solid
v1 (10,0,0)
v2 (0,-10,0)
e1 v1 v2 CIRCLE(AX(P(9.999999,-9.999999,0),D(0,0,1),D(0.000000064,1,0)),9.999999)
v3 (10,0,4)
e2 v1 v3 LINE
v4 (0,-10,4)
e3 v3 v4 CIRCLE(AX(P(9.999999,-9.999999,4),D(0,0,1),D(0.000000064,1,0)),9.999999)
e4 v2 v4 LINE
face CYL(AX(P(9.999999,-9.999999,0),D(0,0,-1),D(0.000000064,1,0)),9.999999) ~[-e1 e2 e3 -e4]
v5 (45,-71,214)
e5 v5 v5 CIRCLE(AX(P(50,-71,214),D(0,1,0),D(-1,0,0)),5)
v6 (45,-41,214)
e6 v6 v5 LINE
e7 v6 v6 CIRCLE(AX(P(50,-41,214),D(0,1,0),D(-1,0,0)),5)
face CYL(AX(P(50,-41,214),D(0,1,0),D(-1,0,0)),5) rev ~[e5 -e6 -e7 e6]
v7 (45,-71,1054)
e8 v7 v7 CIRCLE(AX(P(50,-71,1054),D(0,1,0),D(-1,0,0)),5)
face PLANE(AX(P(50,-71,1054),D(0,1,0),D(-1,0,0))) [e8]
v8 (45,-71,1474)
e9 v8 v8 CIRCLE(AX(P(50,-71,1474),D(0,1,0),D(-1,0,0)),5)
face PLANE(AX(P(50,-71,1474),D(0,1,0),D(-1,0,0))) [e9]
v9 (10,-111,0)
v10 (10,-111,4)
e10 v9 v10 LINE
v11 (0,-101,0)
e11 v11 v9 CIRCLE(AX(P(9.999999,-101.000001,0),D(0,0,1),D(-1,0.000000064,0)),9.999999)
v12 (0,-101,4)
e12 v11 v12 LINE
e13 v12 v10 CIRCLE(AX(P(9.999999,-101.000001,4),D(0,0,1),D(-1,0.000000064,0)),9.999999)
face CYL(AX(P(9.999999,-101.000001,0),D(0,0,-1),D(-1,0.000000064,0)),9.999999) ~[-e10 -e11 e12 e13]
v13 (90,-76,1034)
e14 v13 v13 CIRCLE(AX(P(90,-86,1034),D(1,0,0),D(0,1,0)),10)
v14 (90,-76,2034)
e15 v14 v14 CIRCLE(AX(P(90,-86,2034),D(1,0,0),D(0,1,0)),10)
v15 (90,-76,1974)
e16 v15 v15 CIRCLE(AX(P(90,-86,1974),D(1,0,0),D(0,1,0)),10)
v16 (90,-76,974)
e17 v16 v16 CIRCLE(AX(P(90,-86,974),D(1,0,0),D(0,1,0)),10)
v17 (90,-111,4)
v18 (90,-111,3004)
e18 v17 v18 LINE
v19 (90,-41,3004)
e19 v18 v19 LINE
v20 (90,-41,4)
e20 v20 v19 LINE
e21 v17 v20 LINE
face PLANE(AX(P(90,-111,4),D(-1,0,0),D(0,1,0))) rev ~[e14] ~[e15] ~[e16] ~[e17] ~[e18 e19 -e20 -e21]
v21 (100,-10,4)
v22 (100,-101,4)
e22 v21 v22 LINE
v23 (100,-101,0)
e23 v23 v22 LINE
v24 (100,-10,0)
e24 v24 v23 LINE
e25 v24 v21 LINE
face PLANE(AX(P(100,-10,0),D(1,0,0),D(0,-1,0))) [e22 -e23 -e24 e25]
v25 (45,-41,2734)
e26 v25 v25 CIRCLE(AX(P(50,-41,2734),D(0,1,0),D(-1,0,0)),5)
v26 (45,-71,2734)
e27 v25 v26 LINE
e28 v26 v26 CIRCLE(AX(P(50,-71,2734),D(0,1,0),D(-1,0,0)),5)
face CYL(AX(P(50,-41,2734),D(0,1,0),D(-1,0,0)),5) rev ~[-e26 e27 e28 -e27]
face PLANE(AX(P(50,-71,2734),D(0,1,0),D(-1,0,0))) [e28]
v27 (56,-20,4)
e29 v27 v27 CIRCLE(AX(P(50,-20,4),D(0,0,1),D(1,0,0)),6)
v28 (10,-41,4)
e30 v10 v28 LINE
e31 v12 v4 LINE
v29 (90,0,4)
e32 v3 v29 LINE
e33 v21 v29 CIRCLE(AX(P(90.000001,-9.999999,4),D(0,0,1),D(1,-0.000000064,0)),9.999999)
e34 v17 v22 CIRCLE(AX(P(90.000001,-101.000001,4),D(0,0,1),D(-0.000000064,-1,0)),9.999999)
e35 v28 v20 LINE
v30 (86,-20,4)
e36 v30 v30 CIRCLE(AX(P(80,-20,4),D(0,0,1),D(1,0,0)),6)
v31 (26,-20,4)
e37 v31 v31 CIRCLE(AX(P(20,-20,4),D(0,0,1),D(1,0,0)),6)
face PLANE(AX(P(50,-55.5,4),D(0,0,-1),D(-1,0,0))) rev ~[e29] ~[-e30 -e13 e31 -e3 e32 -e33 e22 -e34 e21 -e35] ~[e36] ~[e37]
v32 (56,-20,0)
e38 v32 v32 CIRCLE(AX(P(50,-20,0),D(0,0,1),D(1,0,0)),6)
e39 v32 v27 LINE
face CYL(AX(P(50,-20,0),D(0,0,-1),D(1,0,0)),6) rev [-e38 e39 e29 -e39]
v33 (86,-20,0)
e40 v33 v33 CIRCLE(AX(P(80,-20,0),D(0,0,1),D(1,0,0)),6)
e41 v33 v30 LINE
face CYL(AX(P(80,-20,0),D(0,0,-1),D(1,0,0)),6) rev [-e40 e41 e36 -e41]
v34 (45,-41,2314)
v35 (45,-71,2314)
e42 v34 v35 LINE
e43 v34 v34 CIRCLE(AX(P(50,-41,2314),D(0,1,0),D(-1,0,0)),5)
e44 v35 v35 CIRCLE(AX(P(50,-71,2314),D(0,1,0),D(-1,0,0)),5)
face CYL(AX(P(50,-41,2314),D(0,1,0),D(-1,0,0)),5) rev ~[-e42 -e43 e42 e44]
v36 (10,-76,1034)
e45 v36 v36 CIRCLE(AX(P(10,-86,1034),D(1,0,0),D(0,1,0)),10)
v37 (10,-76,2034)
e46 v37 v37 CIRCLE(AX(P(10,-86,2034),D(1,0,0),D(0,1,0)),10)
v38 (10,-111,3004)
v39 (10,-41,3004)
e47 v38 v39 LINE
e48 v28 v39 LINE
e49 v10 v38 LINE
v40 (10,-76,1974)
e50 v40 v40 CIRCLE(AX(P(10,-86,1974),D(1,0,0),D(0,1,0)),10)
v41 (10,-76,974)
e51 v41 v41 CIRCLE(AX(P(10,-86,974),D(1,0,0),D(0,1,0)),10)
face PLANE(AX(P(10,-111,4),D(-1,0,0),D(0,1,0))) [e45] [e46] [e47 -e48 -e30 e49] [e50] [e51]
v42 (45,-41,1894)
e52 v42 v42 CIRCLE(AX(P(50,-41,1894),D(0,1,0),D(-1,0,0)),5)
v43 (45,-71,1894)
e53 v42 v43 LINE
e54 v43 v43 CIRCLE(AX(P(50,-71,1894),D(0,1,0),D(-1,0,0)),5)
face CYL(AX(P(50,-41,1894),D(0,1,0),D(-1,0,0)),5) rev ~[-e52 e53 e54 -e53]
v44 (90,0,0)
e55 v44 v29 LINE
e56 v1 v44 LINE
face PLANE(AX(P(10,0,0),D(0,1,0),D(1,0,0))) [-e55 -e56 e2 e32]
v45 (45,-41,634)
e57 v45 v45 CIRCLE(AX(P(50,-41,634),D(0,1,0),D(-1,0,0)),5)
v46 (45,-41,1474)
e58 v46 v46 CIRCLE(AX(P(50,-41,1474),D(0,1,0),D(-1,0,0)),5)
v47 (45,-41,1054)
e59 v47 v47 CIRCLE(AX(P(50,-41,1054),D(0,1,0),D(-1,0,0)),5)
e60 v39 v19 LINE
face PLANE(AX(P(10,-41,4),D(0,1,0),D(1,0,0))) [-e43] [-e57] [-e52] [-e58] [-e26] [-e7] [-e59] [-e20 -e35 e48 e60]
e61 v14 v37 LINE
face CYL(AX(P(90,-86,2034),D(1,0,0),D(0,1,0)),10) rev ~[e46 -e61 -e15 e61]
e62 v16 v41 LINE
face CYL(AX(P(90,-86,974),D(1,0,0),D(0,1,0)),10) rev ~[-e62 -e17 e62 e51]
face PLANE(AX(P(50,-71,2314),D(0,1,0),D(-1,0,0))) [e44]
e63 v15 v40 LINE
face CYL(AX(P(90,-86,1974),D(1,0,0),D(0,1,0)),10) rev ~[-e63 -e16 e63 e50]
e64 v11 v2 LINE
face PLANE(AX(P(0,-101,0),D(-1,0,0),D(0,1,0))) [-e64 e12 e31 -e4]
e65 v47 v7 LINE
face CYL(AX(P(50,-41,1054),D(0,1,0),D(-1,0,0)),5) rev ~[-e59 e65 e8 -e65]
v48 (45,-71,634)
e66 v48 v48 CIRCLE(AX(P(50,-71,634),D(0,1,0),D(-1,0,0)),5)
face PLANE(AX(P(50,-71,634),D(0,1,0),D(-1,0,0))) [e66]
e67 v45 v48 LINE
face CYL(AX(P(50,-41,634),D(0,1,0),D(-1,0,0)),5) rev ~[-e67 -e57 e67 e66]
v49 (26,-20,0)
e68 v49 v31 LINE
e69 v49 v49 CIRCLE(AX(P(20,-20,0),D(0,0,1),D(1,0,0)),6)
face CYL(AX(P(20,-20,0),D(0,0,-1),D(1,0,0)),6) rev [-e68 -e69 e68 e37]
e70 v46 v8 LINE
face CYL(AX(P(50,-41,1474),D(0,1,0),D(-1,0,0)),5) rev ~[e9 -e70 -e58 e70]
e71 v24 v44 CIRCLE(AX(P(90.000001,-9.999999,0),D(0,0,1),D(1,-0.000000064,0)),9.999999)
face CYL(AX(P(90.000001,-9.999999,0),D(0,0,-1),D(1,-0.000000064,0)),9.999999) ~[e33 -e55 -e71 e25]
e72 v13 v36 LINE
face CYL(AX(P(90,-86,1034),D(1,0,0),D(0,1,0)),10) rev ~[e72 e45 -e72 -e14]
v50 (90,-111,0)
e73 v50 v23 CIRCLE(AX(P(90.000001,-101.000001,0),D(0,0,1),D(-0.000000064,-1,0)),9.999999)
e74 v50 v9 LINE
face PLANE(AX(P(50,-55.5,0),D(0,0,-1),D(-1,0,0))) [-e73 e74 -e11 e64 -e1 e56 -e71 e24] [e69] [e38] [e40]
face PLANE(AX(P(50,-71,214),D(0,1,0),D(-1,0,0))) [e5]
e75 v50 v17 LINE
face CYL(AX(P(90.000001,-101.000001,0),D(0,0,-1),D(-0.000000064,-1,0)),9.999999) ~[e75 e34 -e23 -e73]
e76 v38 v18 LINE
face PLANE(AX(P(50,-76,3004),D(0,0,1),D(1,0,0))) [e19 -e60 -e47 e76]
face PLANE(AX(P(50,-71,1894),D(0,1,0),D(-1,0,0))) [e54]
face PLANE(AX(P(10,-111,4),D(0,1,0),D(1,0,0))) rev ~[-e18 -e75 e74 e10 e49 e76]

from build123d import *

# Parameters (mm, degrees)
SKETCH_R        = 6
PAD_DEPTH       = 4
SKETCH001_W     = 80
SKETCH001_H     = 70
PAD001_DEPTH    = 3000
SKETCH002_R     = 10
POCKET_DEPTH    = 80
SKETCH004_R     = 5
POCKET001_DEPTH = 30


with BuildPart() as part:
    # Sketch → Pad (new body)
    with BuildSketch(Plane.XY):
        with BuildLine():
            Line((10, 0), (90, 0))
            ThreePointArc((100, -10), (97.071068, -2.928932), (90, 0))
            Line((100, -10), (100, -101))
            ThreePointArc((90, -111), (97.071068, -108.071068), (100, -101))
            Line((90, -111), (10, -111))
            ThreePointArc((0, -101), (2.928932, -108.071068), (10, -111))
            Line((0, -101), (0, -10))
            ThreePointArc((10, 0), (2.928932, -2.928932), (0, -10))
        make_face()
        with Locations((20, -20)):
            Circle(SKETCH_R, mode=Mode.SUBTRACT)
        with Locations((50, -20)):
            Circle(SKETCH_R, mode=Mode.SUBTRACT)
        with Locations((80, -20)):
            Circle(SKETCH_R, mode=Mode.SUBTRACT)
    extrude(amount=PAD_DEPTH)

    # Sketch001 (on Face13 of Pad) → Pad001 (join)
    with BuildSketch(Plane.XY.offset(4)):
        with Locations((50, -76)):
            Rectangle(SKETCH001_W, SKETCH001_H)
    extrude(amount=PAD001_DEPTH)

    # Sketch002 (on Face14 of Pad001) → Pocket (cut)
    with BuildSketch(Plane.YZ.offset(90)):
        with Locations((-86, 1034)):
            Circle(SKETCH002_R)
        with Locations((-86, 974)):
            Circle(SKETCH002_R)
        with Locations((-86, 2034)):
            Circle(SKETCH002_R)
        with Locations((-86, 1974)):
            Circle(SKETCH002_R)
    extrude(amount=-POCKET_DEPTH, mode=Mode.SUBTRACT)

    # Sketch004 (on Face15 of Pocket) → Pocket001 (cut)
    with BuildSketch(Plane(origin=(0, -41, 0), x_dir=(-1, 0, 0), z_dir=(0, 1, 0))):
        with Locations((-50, 214)):
            Circle(SKETCH004_R)
        with Locations((-50, 634)):
            Circle(SKETCH004_R)
        with Locations((-50, 1054)):
            Circle(SKETCH004_R)
        with Locations((-50, 1474)):
            Circle(SKETCH004_R)
        with Locations((-50, 1894)):
            Circle(SKETCH004_R)
        with Locations((-50, 2314)):
            Circle(SKETCH004_R)
        with Locations((-50, 2734)):
            Circle(SKETCH004_R)
    extrude(amount=-POCKET001_DEPTH, mode=Mode.SUBTRACT)


solid = part.part
